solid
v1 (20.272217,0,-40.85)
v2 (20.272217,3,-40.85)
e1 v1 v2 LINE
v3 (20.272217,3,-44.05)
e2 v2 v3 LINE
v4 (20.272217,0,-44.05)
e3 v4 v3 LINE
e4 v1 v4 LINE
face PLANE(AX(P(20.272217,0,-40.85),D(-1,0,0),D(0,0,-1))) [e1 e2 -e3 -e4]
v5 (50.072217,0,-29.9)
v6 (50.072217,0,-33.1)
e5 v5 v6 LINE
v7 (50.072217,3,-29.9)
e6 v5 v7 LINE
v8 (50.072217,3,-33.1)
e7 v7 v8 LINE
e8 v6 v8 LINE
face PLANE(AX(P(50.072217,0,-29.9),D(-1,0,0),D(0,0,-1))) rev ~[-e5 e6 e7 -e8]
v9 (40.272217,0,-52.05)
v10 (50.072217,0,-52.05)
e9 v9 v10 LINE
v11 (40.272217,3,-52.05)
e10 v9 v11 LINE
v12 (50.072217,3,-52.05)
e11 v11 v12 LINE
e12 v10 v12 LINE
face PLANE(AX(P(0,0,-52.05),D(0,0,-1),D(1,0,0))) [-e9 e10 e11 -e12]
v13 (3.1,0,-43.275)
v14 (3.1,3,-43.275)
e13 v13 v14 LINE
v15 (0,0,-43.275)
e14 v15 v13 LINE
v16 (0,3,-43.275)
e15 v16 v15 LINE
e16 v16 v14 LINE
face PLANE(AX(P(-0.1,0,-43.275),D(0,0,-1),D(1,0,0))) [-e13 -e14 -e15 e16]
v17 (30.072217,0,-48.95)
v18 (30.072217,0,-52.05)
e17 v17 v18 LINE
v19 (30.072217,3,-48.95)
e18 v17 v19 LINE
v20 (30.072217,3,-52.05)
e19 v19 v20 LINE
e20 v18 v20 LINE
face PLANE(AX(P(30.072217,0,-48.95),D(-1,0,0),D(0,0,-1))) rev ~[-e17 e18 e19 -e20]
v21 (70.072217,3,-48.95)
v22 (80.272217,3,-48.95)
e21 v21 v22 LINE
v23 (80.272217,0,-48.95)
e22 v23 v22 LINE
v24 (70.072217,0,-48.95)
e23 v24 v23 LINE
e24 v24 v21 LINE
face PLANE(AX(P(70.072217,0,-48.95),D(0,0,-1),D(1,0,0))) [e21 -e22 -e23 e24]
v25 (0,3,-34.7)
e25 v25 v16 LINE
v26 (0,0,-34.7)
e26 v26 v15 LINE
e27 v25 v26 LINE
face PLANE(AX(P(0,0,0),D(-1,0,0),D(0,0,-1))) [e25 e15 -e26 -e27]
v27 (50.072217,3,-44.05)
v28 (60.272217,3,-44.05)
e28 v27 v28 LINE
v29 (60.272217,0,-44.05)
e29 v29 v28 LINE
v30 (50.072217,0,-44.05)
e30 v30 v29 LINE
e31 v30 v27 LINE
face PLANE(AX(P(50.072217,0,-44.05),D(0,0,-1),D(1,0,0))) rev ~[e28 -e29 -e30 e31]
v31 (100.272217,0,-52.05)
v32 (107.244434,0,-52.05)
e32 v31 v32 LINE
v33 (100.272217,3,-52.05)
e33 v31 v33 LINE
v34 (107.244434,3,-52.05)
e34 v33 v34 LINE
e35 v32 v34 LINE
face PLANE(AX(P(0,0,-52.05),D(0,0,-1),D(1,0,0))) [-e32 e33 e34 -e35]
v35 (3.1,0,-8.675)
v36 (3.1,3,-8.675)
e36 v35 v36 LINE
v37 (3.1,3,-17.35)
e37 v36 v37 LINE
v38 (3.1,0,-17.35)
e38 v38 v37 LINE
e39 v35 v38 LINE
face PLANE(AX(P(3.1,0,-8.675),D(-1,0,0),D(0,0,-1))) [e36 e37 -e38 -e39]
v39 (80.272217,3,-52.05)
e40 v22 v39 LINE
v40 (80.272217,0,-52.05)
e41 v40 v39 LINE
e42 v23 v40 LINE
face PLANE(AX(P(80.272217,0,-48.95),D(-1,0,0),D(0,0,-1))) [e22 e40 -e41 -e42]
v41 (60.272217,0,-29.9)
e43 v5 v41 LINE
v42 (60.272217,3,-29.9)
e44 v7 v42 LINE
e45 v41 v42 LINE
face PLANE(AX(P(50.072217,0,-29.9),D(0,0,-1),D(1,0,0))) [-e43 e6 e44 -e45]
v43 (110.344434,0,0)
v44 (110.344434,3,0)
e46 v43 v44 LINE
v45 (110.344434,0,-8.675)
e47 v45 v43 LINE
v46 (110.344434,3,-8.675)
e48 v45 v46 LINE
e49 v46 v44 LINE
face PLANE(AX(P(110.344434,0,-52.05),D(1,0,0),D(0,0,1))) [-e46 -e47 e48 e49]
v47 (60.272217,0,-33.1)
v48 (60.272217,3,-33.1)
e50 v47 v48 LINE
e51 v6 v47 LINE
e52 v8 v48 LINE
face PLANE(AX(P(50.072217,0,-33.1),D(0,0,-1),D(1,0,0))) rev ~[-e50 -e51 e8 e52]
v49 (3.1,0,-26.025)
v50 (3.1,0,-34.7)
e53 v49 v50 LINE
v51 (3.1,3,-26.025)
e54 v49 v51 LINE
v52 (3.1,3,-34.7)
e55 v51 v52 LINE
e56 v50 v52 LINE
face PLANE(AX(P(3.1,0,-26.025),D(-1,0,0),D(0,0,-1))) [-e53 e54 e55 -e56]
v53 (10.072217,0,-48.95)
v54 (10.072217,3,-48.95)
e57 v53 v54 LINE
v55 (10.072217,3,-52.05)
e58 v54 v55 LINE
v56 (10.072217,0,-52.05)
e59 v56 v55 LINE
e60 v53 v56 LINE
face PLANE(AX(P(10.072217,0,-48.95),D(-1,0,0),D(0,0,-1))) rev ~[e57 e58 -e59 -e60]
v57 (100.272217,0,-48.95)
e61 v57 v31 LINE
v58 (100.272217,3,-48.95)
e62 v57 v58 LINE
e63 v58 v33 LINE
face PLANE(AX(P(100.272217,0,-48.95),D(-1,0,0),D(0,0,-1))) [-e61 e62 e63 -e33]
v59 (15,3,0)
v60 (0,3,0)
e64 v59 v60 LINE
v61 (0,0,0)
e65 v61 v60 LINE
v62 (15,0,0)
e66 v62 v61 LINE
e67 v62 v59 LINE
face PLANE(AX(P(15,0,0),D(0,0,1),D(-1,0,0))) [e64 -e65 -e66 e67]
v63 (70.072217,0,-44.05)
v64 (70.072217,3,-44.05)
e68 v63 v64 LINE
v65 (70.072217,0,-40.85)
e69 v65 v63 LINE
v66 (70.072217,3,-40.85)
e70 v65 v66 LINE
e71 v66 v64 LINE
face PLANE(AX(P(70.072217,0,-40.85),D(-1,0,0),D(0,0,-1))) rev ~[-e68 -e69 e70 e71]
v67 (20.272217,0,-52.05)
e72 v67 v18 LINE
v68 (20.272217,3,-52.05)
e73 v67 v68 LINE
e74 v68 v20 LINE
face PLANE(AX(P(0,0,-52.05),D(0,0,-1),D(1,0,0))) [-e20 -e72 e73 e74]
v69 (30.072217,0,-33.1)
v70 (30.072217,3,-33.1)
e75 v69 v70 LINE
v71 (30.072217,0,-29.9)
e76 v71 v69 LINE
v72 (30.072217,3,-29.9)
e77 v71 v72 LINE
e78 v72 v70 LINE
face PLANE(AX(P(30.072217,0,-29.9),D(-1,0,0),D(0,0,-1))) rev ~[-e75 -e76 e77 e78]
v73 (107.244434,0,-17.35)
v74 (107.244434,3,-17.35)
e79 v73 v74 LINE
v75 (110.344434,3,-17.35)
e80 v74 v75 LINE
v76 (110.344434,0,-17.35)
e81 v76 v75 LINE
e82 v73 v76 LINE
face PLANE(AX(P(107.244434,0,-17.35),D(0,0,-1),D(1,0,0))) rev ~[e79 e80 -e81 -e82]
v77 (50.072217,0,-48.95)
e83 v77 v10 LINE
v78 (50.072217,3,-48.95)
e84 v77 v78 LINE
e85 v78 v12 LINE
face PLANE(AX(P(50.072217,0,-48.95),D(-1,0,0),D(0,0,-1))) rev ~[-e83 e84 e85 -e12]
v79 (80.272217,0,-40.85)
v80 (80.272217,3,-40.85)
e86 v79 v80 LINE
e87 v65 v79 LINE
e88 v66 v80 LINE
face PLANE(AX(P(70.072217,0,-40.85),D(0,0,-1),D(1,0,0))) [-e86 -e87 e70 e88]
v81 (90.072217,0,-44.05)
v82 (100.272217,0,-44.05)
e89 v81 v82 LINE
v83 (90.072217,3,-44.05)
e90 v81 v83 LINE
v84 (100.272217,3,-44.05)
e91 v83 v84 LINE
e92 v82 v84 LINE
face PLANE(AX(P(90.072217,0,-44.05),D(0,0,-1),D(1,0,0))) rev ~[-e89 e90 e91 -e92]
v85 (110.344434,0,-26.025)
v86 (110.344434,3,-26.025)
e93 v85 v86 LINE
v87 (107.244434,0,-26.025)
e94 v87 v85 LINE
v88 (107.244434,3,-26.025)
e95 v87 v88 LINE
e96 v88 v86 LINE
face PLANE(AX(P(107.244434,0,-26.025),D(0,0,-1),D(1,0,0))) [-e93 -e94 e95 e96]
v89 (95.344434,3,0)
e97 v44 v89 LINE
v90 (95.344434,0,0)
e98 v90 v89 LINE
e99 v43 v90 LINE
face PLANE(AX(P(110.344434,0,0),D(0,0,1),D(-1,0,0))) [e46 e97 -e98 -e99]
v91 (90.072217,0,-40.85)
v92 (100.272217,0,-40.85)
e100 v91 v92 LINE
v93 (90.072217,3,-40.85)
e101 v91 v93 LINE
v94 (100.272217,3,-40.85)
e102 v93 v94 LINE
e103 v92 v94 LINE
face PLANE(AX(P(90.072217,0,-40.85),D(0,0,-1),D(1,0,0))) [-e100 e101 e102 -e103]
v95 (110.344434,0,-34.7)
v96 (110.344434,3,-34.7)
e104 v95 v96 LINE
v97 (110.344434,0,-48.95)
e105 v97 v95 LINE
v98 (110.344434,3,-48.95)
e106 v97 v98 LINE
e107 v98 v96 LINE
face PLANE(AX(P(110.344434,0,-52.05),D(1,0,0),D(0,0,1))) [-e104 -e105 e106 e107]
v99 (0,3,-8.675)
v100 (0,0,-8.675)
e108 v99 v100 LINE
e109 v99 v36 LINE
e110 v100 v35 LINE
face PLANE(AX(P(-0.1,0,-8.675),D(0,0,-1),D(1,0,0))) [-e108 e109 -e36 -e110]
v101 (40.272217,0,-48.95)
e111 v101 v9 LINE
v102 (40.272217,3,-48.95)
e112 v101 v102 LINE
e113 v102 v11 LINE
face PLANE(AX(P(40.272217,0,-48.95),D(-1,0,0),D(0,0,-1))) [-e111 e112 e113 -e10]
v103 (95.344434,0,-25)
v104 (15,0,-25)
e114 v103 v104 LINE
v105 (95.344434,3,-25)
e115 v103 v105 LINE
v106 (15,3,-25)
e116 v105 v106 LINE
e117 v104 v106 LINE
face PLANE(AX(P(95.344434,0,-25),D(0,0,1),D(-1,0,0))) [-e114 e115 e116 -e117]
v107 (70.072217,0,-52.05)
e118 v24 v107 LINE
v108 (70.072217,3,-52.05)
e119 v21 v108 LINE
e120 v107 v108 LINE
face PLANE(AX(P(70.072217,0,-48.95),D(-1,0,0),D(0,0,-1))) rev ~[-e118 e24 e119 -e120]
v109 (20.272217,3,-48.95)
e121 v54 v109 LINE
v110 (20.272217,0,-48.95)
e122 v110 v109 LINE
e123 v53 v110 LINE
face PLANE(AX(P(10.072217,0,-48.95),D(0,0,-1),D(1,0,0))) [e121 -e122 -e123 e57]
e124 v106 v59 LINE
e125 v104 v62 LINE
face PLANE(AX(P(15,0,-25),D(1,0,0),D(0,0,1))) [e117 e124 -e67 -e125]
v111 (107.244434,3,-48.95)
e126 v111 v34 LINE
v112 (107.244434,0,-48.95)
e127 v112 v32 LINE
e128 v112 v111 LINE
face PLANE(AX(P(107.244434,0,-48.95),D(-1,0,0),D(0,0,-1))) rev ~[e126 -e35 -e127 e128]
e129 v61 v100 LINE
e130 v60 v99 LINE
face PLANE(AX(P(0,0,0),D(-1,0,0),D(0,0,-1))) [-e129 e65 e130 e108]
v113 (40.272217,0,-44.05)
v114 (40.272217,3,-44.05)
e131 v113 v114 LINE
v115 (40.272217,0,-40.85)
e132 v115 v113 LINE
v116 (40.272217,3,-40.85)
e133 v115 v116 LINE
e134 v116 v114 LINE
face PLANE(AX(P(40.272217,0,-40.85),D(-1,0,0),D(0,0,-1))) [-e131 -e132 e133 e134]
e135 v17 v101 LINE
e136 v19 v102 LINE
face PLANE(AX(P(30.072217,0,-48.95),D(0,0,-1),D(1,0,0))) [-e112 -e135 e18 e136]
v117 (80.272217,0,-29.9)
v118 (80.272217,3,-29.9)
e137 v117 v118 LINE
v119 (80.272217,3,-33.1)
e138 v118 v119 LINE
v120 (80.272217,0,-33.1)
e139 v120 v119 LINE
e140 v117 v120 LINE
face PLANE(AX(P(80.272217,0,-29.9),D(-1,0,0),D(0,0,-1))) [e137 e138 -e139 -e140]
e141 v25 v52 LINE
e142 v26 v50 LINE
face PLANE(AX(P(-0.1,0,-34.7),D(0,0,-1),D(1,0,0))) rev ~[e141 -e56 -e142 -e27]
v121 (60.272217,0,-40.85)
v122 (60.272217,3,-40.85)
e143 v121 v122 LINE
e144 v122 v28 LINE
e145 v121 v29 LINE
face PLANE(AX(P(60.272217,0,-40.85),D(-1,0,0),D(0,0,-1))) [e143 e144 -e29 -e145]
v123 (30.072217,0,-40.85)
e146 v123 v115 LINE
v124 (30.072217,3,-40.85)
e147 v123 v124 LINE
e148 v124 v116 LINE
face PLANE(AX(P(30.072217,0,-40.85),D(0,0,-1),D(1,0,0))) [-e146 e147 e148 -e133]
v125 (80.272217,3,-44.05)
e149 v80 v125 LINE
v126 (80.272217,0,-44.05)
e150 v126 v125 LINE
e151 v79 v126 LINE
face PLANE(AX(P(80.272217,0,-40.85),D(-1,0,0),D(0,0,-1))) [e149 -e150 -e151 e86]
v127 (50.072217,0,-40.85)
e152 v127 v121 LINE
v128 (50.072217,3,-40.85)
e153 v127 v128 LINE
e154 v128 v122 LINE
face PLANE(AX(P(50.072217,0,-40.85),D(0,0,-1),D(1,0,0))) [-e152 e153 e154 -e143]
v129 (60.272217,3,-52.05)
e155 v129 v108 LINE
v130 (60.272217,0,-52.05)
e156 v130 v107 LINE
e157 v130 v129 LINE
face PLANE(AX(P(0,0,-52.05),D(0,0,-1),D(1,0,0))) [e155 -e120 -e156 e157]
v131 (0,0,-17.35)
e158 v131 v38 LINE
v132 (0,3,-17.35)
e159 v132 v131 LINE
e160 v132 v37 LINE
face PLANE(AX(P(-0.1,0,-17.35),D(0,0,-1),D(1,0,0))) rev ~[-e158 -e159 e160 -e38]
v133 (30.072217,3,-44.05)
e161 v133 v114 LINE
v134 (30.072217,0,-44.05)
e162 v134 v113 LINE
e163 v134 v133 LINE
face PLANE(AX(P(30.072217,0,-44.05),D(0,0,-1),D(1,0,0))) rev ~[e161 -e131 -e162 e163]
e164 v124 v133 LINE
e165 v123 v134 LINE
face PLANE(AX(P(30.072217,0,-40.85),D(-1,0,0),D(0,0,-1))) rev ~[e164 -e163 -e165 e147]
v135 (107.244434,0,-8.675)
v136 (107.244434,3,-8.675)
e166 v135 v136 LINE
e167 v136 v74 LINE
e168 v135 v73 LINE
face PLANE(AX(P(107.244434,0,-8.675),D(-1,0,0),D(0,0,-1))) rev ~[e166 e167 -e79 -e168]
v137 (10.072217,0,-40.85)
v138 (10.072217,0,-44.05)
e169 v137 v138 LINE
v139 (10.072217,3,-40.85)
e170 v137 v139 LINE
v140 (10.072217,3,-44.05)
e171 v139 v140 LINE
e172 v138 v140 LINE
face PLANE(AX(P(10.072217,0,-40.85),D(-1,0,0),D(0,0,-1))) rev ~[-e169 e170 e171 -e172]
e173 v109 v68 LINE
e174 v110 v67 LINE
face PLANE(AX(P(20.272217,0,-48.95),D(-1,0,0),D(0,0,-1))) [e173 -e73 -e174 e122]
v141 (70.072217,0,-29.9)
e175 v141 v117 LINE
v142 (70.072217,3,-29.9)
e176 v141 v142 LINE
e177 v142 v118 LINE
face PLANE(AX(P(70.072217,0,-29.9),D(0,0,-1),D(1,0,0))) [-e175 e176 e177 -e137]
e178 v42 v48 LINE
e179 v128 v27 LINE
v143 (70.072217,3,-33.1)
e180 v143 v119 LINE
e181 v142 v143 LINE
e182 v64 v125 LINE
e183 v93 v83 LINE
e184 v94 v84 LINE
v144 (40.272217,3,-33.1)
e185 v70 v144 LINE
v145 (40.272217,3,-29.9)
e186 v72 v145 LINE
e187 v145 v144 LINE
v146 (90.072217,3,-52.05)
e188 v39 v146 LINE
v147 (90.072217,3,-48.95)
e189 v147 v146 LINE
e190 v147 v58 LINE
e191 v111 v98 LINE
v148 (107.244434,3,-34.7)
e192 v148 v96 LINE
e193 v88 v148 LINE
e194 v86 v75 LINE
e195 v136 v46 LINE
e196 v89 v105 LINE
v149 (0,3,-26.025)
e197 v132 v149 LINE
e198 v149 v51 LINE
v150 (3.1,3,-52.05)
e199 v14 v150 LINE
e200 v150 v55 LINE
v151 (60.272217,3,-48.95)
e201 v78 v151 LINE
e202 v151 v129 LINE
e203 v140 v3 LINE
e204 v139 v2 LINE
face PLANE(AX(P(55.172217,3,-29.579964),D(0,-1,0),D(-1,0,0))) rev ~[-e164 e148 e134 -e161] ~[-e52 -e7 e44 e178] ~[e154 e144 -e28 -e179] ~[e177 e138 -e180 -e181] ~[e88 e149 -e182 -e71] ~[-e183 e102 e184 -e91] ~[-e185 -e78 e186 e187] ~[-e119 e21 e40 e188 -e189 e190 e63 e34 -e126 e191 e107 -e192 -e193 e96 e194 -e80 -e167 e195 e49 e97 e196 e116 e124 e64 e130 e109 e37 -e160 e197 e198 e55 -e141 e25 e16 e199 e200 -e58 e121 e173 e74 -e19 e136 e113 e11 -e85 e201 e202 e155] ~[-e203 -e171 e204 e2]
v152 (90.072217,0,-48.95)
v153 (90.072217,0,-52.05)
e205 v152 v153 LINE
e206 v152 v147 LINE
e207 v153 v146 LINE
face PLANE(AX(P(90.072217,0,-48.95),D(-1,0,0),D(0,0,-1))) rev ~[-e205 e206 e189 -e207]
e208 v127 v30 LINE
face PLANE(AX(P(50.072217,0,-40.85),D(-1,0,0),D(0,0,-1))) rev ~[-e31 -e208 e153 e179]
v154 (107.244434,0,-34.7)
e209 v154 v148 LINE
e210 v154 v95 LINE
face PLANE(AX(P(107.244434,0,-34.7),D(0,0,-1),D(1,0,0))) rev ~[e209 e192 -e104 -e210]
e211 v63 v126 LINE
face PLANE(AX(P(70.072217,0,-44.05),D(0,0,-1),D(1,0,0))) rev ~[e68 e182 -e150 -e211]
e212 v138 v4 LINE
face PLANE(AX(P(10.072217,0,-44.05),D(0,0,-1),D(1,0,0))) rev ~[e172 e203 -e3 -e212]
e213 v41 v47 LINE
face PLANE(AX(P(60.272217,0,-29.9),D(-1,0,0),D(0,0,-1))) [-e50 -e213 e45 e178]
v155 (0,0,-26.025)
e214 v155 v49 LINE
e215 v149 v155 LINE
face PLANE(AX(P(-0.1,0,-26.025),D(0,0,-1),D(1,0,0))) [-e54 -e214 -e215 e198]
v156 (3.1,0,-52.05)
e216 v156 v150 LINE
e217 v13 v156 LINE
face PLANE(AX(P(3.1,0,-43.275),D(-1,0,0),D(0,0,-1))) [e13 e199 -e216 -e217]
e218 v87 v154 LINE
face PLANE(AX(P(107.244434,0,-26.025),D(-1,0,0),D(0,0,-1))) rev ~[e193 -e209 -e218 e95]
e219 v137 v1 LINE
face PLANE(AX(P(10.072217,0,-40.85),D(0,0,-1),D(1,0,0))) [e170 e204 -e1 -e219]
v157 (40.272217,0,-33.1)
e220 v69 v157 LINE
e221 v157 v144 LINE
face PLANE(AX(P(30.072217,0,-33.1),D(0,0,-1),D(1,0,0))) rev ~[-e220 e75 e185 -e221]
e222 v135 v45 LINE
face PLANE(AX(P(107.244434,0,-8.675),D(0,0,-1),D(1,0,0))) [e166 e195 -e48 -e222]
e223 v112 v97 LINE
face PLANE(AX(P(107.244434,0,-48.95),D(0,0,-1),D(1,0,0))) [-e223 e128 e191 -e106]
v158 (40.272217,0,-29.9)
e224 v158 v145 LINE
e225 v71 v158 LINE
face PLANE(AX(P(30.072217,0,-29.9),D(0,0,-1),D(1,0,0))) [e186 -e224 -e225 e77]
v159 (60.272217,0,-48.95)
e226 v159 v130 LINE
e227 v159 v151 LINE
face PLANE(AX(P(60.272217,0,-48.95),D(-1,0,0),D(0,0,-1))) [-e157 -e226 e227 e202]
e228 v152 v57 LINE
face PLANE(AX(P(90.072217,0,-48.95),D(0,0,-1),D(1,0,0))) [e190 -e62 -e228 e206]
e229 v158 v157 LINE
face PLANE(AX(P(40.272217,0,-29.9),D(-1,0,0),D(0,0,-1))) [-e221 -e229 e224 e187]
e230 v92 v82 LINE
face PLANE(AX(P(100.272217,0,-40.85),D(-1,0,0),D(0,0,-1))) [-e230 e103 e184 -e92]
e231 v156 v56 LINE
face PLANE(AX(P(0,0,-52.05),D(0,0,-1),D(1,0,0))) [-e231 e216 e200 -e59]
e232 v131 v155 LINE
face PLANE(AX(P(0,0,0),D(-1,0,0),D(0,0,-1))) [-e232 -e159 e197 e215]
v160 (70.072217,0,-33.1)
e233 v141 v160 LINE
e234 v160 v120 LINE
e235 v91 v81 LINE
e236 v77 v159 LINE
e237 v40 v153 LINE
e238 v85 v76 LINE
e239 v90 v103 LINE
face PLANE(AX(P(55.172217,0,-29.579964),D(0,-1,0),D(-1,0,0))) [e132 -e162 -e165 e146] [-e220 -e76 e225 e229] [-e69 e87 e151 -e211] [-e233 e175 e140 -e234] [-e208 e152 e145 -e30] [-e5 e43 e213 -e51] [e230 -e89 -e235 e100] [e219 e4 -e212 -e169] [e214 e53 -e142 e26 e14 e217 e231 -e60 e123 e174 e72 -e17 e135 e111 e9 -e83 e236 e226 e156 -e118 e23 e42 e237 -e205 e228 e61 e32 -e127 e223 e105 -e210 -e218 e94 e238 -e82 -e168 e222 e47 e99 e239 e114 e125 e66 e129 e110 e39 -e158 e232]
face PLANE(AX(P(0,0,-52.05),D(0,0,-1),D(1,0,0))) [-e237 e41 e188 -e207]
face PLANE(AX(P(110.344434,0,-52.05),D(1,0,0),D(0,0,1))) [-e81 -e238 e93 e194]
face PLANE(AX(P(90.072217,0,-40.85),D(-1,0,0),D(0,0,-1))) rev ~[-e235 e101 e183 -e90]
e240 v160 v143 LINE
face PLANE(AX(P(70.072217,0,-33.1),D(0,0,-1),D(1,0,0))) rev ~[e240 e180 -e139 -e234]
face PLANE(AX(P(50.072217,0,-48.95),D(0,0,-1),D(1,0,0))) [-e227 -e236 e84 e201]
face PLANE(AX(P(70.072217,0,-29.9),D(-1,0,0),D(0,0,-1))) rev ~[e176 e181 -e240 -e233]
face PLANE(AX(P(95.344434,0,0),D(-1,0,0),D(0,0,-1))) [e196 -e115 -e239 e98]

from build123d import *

# Parameters (mm, degrees)
BOSS_EXTRUDE1_DEPTH = 3
SKETCH2_W           = 3.2
SKETCH2_H           = 8.675
SKETCH2_H_2         = 8.875
SKETCH2_W_2         = 10.2
SKETCH2_H_3         = 3.2
CUT_EXTRUDE1_DEPTH  = 4


with BuildPart() as part:
    # Sketch1 → Boss-Extrude1 (new body)
    with BuildSketch(Plane(origin=(0, 0, 0), x_dir=(1, 0, 0), z_dir=(0, 1, 0))):
        Polygon((95.344434203, 0), (95.344434203, 25), (15, 25), (15, 0), (0, 0), (0, 52.05), (110.344434203, 52.05), (110.344434203, 0), align=None)
    extrude(amount=BOSS_EXTRUDE1_DEPTH)

    # Sketch2 → Cut-Extrude1 (cut, through all)
    with BuildSketch(Plane(origin=(0, 0, 0), x_dir=(1, 0, 0), z_dir=(0, 1, 0))):
        with Locations((1.5, 13.0125)):
            Rectangle(SKETCH2_W, SKETCH2_H)
        with Locations((1.5, 30.3625)):
            Rectangle(SKETCH2_W, SKETCH2_H)
        with Locations((1.5, 47.7125)):
            Rectangle(SKETCH2_W, SKETCH2_H_2)
        with Locations((35.172217102, 50.55)):
            Rectangle(SKETCH2_W_2, SKETCH2_H_3)
        with Locations((55.172217102, 31.5)):
            Rectangle(SKETCH2_W_2, SKETCH2_H_3)
        with Locations((55.172217102, 42.45)):
            Rectangle(SKETCH2_W_2, SKETCH2_H_3)
        with Locations((55.172217102, 50.55)):
            Rectangle(SKETCH2_W_2, SKETCH2_H_3)
        with Locations((15.172217102, 42.45)):
            Rectangle(SKETCH2_W_2, SKETCH2_H_3)
        with Locations((15.172217102, 50.55)):
            Rectangle(SKETCH2_W_2, SKETCH2_H_3)
        with Locations((35.172217102, 31.5)):
            Rectangle(SKETCH2_W_2, SKETCH2_H_3)
        with Locations((35.172217102, 42.45)):
            Rectangle(SKETCH2_W_2, SKETCH2_H_3)
        with Locations((108.844434203, 13.0125)):
            Rectangle(SKETCH2_W, SKETCH2_H)
        with Locations((95.172217102, 42.45)):
            Rectangle(SKETCH2_W_2, SKETCH2_H_3)
        with Locations((95.172217102, 50.55)):
            Rectangle(SKETCH2_W_2, SKETCH2_H_3)
        with Locations((108.844434203, 30.3625)):
            Rectangle(SKETCH2_W, SKETCH2_H)
        with Locations((75.172217102, 50.55)):
            Rectangle(SKETCH2_W_2, SKETCH2_H_3)
        with Locations((75.172217102, 42.45)):
            Rectangle(SKETCH2_W_2, SKETCH2_H_3)
        with Locations((75.172217102, 31.5)):
            Rectangle(SKETCH2_W_2, SKETCH2_H_3)
        with Locations((108.844434203, 50.55)):
            Rectangle(SKETCH2_W, SKETCH2_H_3)
    extrude(amount=CUT_EXTRUDE1_DEPTH, mode=Mode.SUBTRACT)


solid = part.part
